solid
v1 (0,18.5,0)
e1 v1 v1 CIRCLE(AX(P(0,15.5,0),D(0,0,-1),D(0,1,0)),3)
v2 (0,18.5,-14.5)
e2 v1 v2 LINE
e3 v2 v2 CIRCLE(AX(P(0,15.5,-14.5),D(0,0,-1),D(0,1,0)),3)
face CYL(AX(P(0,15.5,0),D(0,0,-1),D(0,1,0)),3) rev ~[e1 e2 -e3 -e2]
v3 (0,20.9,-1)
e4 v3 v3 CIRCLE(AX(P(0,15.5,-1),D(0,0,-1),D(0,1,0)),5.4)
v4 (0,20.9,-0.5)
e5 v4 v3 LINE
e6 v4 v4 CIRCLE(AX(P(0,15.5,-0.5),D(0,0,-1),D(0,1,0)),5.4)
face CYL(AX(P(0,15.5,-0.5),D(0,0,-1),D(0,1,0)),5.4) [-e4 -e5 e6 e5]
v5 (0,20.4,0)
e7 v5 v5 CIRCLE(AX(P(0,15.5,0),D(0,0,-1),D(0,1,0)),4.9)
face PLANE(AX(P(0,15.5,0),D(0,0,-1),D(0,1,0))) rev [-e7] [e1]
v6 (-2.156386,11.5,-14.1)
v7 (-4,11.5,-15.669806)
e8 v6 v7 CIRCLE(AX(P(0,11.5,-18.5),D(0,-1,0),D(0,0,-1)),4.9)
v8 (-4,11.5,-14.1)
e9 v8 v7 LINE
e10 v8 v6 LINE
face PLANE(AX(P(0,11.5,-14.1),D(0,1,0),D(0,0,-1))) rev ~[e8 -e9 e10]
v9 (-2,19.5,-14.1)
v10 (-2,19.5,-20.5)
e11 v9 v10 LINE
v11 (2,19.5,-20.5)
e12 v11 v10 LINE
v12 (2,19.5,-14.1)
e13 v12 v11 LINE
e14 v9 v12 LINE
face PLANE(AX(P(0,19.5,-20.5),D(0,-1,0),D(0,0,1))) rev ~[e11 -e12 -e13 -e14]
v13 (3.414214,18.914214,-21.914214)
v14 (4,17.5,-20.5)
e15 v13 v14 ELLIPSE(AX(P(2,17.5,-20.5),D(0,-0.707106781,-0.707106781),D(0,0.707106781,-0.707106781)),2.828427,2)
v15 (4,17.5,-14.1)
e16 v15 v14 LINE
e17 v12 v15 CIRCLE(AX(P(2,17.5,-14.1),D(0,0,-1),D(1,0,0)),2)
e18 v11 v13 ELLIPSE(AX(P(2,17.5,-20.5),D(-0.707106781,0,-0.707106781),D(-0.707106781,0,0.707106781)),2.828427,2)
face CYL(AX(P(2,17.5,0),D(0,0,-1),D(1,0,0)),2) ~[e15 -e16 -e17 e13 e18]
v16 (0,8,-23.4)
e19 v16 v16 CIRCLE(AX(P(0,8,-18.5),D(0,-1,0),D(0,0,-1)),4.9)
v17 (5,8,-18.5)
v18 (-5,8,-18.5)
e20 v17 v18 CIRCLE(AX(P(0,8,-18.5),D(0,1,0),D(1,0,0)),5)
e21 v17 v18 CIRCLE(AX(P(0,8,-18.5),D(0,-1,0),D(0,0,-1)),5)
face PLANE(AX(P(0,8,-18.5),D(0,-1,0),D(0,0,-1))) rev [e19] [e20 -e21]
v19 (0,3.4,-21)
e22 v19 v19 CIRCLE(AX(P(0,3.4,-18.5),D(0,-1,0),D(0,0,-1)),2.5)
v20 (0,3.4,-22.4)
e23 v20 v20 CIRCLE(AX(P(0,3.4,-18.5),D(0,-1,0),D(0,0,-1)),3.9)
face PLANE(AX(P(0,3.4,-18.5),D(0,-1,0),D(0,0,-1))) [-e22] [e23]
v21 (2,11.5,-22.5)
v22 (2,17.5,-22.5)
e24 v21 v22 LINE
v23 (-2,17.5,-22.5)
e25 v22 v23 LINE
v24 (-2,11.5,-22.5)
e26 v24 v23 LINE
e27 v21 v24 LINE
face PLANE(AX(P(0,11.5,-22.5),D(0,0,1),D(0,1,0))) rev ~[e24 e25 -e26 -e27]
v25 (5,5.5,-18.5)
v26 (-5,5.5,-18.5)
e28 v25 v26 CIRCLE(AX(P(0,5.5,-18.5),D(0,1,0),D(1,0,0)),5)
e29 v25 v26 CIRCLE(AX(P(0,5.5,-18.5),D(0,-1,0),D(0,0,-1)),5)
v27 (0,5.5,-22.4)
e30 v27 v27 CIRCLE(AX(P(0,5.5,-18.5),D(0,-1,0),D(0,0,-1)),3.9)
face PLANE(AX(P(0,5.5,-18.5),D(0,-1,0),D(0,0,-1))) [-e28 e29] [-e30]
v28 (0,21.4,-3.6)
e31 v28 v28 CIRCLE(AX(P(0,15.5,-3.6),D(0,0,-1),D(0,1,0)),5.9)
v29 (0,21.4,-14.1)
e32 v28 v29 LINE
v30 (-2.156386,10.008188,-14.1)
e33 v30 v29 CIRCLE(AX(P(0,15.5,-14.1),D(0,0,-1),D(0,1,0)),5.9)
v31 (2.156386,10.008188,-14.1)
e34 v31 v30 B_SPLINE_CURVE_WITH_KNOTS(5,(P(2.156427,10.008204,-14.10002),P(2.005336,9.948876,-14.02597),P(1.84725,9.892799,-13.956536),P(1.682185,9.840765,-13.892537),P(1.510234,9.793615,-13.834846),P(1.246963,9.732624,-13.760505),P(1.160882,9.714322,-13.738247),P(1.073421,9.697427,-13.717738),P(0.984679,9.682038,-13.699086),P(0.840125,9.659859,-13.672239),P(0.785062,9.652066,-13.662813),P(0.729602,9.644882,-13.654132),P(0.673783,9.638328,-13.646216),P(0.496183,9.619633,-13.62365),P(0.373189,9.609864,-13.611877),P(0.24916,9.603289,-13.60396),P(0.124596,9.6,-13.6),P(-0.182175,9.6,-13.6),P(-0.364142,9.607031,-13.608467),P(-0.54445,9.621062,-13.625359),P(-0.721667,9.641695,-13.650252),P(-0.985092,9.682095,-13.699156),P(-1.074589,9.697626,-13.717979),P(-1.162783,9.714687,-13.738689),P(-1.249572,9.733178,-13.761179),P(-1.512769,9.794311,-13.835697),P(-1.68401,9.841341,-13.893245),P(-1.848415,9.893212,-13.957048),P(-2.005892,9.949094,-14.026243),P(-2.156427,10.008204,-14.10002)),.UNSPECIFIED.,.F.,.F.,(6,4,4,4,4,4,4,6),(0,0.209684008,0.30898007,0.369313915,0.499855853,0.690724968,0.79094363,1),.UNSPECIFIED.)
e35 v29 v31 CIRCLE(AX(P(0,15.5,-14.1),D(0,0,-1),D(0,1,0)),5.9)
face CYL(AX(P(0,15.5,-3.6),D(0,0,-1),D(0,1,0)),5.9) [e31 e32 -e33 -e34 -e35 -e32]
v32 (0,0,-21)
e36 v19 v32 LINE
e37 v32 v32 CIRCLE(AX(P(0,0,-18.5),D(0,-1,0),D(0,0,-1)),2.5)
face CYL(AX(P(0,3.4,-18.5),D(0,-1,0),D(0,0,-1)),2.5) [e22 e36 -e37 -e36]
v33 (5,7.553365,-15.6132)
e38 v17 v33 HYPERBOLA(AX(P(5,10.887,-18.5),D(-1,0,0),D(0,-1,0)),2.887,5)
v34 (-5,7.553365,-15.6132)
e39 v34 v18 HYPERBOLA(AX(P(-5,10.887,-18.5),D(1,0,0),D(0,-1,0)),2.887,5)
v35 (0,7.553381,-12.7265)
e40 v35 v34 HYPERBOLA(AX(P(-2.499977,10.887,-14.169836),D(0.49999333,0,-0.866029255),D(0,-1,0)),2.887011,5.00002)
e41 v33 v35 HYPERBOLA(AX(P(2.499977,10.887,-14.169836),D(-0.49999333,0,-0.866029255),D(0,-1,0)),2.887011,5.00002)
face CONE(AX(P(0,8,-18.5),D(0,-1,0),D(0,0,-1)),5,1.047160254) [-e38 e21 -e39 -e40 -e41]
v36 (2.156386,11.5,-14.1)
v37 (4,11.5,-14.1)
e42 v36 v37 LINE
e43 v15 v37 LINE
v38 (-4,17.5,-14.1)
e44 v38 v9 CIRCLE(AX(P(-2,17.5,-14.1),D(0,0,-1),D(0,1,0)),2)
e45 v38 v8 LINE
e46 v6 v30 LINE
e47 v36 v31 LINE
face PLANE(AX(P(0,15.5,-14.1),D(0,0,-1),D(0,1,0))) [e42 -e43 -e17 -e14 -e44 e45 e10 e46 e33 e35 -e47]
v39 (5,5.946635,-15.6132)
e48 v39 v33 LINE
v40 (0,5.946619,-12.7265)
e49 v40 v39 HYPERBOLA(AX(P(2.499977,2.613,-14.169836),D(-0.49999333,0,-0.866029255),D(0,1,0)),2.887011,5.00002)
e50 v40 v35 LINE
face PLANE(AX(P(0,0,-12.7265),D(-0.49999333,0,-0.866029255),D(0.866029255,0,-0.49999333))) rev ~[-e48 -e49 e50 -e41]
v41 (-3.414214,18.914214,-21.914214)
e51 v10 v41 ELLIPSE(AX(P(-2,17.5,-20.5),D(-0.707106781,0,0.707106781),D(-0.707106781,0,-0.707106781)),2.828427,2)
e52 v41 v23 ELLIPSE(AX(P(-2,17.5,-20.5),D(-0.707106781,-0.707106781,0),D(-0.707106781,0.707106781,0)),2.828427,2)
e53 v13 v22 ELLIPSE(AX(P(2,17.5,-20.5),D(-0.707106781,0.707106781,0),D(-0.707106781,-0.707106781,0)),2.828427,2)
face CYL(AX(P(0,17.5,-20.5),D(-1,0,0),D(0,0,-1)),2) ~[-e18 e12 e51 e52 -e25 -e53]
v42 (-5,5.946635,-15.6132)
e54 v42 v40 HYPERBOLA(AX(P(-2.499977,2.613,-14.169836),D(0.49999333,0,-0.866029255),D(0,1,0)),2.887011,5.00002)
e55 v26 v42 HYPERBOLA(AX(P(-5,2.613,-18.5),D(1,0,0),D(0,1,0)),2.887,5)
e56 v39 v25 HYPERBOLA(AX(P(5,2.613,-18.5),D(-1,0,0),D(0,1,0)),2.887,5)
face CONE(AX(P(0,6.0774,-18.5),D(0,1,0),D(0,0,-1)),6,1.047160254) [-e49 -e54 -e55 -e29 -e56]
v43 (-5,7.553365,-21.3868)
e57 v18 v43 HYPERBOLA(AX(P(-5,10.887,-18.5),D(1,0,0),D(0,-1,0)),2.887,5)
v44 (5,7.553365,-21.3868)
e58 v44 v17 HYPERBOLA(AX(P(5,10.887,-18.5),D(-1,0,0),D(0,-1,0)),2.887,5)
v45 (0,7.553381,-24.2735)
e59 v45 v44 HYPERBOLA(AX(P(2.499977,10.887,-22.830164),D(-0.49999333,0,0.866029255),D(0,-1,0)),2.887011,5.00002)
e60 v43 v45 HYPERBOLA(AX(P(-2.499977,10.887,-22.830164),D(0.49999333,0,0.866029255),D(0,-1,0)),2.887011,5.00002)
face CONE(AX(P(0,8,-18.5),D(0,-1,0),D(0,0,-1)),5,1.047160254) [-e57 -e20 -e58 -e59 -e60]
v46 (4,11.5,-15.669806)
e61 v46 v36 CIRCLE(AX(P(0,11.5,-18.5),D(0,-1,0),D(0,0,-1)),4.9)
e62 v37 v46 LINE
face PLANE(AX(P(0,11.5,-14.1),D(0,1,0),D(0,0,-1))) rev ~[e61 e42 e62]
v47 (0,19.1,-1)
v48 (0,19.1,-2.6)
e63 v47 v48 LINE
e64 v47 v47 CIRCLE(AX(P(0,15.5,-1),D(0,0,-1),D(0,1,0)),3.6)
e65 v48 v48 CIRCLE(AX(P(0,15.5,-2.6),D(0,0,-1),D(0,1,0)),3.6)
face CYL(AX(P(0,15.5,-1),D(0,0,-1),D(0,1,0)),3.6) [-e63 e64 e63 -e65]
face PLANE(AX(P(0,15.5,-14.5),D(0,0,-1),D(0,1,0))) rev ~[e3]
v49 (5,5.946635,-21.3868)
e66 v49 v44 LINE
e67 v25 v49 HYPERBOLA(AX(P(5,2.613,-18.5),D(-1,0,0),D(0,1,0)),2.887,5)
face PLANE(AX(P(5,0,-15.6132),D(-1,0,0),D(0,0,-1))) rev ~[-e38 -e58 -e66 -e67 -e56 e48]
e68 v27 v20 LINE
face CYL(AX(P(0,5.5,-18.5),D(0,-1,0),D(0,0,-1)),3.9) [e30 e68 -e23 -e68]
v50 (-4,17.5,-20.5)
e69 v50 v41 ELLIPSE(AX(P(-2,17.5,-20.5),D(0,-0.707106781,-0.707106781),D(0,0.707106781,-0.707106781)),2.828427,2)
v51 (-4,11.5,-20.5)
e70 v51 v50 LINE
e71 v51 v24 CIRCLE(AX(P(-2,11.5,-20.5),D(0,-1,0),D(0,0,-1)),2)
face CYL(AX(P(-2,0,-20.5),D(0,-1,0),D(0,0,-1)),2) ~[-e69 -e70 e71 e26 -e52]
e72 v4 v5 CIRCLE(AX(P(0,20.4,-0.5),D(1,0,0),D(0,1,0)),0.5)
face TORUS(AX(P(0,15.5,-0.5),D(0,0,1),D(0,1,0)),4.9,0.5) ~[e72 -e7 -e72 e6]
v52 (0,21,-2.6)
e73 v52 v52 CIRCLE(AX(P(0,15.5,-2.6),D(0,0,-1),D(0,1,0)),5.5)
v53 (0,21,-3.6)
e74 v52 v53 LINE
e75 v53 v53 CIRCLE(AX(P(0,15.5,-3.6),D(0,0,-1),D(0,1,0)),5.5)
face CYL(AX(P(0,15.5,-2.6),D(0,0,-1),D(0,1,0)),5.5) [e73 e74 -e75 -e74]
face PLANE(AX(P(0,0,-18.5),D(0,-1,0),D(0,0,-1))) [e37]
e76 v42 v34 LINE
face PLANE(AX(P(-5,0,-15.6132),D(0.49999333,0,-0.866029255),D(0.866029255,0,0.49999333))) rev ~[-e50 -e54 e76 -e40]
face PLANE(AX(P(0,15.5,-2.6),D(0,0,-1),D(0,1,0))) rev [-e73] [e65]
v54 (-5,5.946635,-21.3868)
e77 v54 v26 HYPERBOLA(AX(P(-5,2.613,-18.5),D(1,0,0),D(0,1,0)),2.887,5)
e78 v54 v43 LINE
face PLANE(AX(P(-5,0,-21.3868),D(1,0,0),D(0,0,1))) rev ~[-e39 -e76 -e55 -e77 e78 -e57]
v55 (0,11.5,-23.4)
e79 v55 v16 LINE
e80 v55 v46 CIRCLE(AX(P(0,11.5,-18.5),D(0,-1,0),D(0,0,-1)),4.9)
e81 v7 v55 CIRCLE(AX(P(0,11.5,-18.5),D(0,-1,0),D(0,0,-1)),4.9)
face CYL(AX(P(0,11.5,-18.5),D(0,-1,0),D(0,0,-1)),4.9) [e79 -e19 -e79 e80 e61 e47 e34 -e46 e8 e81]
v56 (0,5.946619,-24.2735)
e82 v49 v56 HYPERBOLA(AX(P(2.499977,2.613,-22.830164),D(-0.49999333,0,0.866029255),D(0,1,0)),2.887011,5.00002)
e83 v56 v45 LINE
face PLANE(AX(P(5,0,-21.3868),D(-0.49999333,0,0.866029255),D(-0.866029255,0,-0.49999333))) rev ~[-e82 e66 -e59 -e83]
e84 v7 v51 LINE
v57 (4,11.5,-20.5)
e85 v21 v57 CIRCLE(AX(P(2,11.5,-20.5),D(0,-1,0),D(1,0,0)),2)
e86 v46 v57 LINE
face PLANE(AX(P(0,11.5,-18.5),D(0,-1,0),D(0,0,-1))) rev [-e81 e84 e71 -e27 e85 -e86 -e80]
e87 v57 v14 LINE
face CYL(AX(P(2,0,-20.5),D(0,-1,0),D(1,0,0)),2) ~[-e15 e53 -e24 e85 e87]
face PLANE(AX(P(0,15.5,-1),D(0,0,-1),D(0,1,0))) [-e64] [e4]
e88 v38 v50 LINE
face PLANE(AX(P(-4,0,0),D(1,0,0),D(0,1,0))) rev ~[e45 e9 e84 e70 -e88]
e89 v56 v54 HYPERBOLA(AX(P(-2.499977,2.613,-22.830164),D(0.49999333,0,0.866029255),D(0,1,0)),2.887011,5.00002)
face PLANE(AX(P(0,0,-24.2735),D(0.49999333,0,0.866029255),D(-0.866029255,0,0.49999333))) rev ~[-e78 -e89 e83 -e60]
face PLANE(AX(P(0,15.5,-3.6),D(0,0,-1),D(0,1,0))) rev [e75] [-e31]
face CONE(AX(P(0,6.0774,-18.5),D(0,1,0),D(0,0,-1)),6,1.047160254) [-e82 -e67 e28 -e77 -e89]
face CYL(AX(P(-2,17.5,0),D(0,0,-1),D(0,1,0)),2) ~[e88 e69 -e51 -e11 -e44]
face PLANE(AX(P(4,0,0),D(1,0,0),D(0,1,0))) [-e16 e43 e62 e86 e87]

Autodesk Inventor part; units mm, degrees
ref_plane "YZ Plane" through (0, 0, 0) normal (1, 0, 0) x (0, 1, 0)
ref_plane "XZ Plane" through (0, 0, 0) normal (0, 1, 0) x (-1, 0, 0)
ref_plane "XY Plane" through (0, 0, 0) normal (0, 0, 1) x (1, 0, 0)
sketch "Sketch_20" plane through (0, 0, 0) normal (1, 0, 0) x (0, 1, 0)
  line L0 (19.5, -14.1) -> (11.5, -14.1)
  line L1 (11.5, -14.1) -> (11.5, -22.5)
  line L2 (11.5, -22.5) -> (17.5, -22.5)
  arc A0 (17.5, -22.5) -> (19.5, -20.5) centre (17.5, -20.5) ccw
  line L3 (19.5, -20.5) -> (19.5, -14.1)
extrude "Extrusion1" add sketch "Sketch_20" along normal mid plane 8
sketch "Sketch_2" plane through (0, 0, 0) normal (0, 0, 1) x (1, 0, 0)
  line L0 (-10, 5) -> (10, 5)
  line L1 (10, 5) -> (10, 25)
  line L2 (10, 25) -> (-10, 25)
  line L3 (-10, 25) -> (-10, 5)
  line L4 (-4, 11.5) -> (4, 11.5)
  line L5 (4, 11.5) -> (4, 17.5)
  arc A0 (4, 17.5) -> (2, 19.5) centre (2, 17.5) ccw
  line L6 (2, 19.5) -> (-2, 19.5)
  arc A1 (-2, 19.5) -> (-4, 17.5) centre (-2, 17.5) ccw
  line L7 (-4, 17.5) -> (-4, 11.5)
extrude "Extrusion2" cut sketch "Sketch_2" along normal mid plane 57
sketch "Sketch_13" plane through (0, 0, 0) normal (0, 1, 0) x (-1, 0, 0)
  line L0 (10, -10) -> (-10, -10)
  line L1 (-10, -10) -> (-10, -25)
  line L2 (-10, -25) -> (10, -25)
  line L3 (10, -25) -> (10, -10)
  line L4 (4, -20.5) -> (4, -12.5)
  line L5 (4, -12.5) -> (-4, -12.5)
  line L6 (-4, -12.5) -> (-4, -20.5)
  arc A0 (-4, -20.5) -> (-2, -22.5) centre (-2, -20.5) ccw
  line L7 (-2, -22.5) -> (2, -22.5)
  arc A1 (2, -22.5) -> (4, -20.5) centre (2, -20.5) ccw
extrude "Extrusion3" cut sketch "Sketch_13" along normal blind 25
sketch "Sketch_12" plane through (0, 0, 0) normal (1, 0, 0) x (0, 1, 0)
  line L0 (3.4, -18.5) -> (11.5, -18.5)
  line L1 (11.5, -18.5) -> (11.5, -23.4)
  line L2 (11.5, -23.4) -> (8, -23.4)
  line L3 (8, -23.4) -> (8, -23.5)
  line L4 (8, -23.5) -> (7.4226, -24.5)
  line L5 (7.4226, -24.5) -> (6.0774, -24.5)
  line L6 (6.0774, -24.5) -> (5.5, -23.5)
  line L7 (5.5, -23.5) -> (5.5, -22.4)
  line L8 (5.5, -22.4) -> (3.4, -22.4)
  line L9 (3.4, -22.4) -> (3.4, -18.5)
  line L10 (3.4, -18.5) -> (11.5, -18.5)
revolve "Revolution1" add sketch "Sketch_12" angle 360 about axis through (0, 3.4, -18.5) along (0, -1, 0)
sketch "Sketch_6" plane through (0, 0, 0) normal (0, 1, 0) x (-1, 0, 0)
  line L0 (10, -8.5) -> (-10, -8.5)
  line L1 (-10, -8.5) -> (-10, -28.5)
  line L2 (-10, -28.5) -> (10, -28.5)
  line L3 (10, -28.5) -> (10, -8.5)
  line L4 (5, -15.6132) -> (0, -12.7265)
  line L5 (0, -12.7265) -> (-5, -15.6132)
  line L6 (-5, -15.6132) -> (-5, -21.3868)
  line L7 (-5, -21.3868) -> (0, -24.2735)
  line L8 (0, -24.2735) -> (5, -21.3868)
  line L9 (5, -21.3868) -> (5, -15.6132)
extrude "Extrusion4" cut sketch "Sketch_6" along normal blind 10
sketch "Sketch_7" plane through (0, 0, 0) normal (1, 0, 0) x (0, 1, 0)
  line L0 (0, -18.5) -> (3.4, -18.5)
  line L1 (3.4, -18.5) -> (3.4, -21)
  line L2 (3.4, -21) -> (0, -21)
  line L3 (0, -21) -> (0, -18.5)
  line L4 (0, -18.5) -> (3.4, -18.5)
revolve "Revolution2" add sketch "Sketch_7" angle 360 about axis through (0, 0, -18.5) along (0, -1, 0)
thread "Thread1" size "M5x0.8" class "6g" standard "ISO Metric profile" full length
sketch "Sketch_15" plane through (0, 0, 0) normal (1, 0, 0) x (0, 1, 0)
  line L0 (15.5, -14.1) -> (15.5, 0)
  line L1 (15.5, 0) -> (20.4, 0)
  arc A0 (20.9, -0.5) -> (20.4, 0) centre (20.4, -0.5) ccw
  line L2 (20.9, -0.5) -> (20.9, -1)
  line L3 (20.9, -1) -> (19.1, -1)
  line L4 (19.1, -1) -> (19.1, -2.6)
  line L5 (19.1, -2.6) -> (21, -2.6)
  line L6 (21, -2.6) -> (21, -3.6)
  line L7 (21, -3.6) -> (21.4, -3.6)
  line L8 (21.4, -3.6) -> (21.4, -14.1)
  line L9 (21.4, -14.1) -> (15.5, -14.1)
  line L10 (15.5, -14.1) -> (15.5, 0)
revolve "Revolution3" add sketch "Sketch_15" angle 360 about axis through (0, 15.5, -14.1) along (0, 0, -1)
sketch "Sketch_18" plane through (0, 0, 0) normal (1, 0, 0) x (0, 1, 0)
  line L0 (15.5, -14.5) -> (15.5, 0)
  line L1 (15.5, 0) -> (18.5, 0)
  line L2 (18.5, 0) -> (18.5, -14.5)
  line L3 (18.5, -14.5) -> (15.5, -14.5)
  line L4 (15.5, -14.5) -> (15.5, 0)
revolve "Revolution4" cut sketch "Sketch_18" angle 360 about axis through (0, 15.5, -14.5) along (0, 0, -1)
properties part number "GWJL6-M5"
